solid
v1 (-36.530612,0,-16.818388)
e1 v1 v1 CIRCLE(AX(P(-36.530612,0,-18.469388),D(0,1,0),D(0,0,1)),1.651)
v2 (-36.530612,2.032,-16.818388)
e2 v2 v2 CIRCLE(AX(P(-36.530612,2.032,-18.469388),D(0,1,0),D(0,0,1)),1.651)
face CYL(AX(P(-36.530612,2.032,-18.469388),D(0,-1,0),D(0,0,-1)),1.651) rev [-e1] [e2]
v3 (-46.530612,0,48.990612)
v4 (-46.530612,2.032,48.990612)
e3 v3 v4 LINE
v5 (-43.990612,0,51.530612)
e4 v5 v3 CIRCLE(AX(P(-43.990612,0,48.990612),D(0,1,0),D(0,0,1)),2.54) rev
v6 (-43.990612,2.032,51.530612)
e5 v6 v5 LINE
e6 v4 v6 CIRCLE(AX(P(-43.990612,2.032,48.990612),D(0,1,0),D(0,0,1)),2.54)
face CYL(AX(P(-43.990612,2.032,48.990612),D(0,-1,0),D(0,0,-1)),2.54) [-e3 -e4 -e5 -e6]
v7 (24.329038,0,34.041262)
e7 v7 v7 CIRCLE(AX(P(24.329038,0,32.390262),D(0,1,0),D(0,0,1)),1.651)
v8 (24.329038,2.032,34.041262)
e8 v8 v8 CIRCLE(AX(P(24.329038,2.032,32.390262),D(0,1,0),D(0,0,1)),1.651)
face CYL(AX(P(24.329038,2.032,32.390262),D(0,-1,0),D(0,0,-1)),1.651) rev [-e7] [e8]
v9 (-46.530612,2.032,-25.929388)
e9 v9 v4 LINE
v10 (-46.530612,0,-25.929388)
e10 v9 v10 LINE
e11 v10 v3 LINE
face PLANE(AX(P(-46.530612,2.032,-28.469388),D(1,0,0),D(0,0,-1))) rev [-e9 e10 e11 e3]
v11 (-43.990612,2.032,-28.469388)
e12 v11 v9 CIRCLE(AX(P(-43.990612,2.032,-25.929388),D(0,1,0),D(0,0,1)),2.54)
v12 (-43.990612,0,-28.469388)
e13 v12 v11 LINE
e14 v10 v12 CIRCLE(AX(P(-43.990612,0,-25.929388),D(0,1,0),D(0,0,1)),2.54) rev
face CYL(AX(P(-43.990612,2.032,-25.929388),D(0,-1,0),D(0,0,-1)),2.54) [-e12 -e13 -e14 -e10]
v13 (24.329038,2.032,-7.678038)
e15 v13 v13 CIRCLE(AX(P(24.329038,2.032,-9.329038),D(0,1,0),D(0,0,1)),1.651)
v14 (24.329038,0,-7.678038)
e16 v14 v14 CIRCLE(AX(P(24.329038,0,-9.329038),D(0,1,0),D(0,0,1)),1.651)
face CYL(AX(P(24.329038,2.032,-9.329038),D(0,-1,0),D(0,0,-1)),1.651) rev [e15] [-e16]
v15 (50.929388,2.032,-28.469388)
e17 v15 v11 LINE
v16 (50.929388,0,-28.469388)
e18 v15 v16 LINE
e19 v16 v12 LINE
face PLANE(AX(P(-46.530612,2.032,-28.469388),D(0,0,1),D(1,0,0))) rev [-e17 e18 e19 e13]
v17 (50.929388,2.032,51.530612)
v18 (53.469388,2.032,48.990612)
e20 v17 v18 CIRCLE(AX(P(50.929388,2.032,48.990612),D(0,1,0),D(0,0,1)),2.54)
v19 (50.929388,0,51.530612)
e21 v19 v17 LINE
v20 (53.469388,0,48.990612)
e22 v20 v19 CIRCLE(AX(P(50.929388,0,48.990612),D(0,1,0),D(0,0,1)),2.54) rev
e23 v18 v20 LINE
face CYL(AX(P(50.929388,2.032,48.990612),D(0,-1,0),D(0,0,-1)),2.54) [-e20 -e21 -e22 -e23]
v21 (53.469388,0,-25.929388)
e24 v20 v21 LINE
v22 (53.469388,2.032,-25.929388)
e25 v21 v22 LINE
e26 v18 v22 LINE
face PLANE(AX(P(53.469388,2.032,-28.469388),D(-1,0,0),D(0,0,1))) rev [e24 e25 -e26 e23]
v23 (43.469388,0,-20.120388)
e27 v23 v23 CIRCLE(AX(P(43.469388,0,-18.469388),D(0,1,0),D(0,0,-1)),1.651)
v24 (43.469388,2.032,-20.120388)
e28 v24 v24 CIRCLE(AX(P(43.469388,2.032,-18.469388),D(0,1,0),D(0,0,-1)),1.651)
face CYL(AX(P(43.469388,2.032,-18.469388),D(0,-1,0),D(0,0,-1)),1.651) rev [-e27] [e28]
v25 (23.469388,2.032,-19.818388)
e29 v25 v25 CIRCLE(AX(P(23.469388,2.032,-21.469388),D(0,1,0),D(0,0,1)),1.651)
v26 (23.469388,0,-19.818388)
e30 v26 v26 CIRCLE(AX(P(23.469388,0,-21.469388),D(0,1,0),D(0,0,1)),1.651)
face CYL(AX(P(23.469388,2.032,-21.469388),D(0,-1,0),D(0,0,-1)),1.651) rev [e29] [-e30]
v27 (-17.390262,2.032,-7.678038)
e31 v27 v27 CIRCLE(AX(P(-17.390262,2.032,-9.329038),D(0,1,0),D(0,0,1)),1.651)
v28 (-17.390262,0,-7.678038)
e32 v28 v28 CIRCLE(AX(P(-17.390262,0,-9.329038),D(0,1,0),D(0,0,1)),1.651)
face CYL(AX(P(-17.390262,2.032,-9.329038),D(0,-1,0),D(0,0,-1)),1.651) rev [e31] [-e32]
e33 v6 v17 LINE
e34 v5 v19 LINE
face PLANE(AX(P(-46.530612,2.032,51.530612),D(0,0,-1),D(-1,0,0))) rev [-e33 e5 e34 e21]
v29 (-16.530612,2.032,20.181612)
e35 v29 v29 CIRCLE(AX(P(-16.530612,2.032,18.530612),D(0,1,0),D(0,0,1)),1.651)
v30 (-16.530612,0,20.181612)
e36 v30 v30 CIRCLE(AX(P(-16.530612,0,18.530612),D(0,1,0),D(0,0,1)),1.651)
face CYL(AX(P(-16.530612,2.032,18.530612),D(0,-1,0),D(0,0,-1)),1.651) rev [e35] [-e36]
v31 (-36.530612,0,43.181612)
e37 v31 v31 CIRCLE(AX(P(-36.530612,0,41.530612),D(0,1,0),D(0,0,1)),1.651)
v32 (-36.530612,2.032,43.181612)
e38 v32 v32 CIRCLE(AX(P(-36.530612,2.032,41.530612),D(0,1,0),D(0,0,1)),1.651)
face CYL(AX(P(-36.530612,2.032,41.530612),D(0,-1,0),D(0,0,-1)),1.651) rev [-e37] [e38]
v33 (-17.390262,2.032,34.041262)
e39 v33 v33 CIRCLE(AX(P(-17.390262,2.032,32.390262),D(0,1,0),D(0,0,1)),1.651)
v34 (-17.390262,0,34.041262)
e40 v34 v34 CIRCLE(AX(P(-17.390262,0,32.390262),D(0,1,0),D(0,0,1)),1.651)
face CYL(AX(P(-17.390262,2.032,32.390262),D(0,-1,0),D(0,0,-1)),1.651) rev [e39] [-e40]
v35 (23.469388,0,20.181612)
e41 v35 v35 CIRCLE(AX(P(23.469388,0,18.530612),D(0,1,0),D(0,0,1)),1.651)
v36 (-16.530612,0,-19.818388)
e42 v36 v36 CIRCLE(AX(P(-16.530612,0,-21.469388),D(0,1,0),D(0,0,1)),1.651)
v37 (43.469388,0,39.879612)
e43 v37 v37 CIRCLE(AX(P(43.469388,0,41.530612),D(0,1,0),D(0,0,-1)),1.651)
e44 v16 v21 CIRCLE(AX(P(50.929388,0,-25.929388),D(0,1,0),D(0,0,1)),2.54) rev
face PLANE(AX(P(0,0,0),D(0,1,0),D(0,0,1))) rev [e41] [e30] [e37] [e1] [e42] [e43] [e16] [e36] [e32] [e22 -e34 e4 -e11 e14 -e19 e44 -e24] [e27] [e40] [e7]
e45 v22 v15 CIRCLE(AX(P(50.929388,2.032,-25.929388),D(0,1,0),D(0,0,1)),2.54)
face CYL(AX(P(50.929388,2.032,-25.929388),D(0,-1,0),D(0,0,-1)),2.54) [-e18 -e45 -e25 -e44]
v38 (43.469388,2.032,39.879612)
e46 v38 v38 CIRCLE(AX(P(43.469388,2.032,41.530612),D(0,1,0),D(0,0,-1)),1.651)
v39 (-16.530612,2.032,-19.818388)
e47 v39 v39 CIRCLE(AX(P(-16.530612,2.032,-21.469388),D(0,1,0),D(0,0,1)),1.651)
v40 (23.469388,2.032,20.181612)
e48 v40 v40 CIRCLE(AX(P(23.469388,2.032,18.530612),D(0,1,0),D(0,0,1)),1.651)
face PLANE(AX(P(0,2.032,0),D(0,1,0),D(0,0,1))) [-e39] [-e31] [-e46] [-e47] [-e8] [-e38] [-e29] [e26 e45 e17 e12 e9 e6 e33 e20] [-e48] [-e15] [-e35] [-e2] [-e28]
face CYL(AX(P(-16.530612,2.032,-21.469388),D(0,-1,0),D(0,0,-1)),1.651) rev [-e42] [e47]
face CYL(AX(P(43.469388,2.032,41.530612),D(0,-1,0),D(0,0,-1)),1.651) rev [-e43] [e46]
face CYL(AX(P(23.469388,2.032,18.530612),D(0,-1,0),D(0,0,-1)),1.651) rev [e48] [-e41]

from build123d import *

# Parameters (mm, degrees)
SKETCH1_W           = 100
SKETCH1_H           = 80
SKETCH1_R           = 1.651
BOSS_EXTRUDE1_DEPTH = 2.032
FILLET1_R           = 2.54
FILLET2_R           = 2.54


with BuildPart() as part:
    # Sketch1 → Boss-Extrude1 (new body)
    with BuildSketch(Plane(origin=(0, 0, 0), x_dir=(1, 0, 0), z_dir=(0, 1, 0))):
        with Locations((3.469387755, -11.530612245)):
            Rectangle(SKETCH1_W, SKETCH1_H)
        with Locations(Location((-36.530612245, 18.469387755, 0), (0, 0, 270))):
            Circle(SKETCH1_R, mode=Mode.SUBTRACT)
        with Locations(Location((-36.530612245, -41.530612245, 0), (0, 0, 270))):
            Circle(SKETCH1_R, mode=Mode.SUBTRACT)
        with Locations(Location((-16.530612245, 21.469387755, 0), (0, 0, 270))):
            Circle(SKETCH1_R, mode=Mode.SUBTRACT)
        with Locations(Location((23.469387755, 21.469387755, 0), (0, 0, 270))):
            Circle(SKETCH1_R, mode=Mode.SUBTRACT)
        with Locations(Location((-16.530612245, -18.530612245, 0), (0, 0, 270))):
            Circle(SKETCH1_R, mode=Mode.SUBTRACT)
        with Locations(Location((23.469387755, -18.530612245, 0), (0, 0, 270))):
            Circle(SKETCH1_R, mode=Mode.SUBTRACT)
        with Locations(Location((-17.39026229, 9.3290378, 0), (0, 0, 270))):
            Circle(SKETCH1_R, mode=Mode.SUBTRACT)
        with Locations(Location((24.3290378, 9.3290378, 0), (0, 0, 270))):
            Circle(SKETCH1_R, mode=Mode.SUBTRACT)
        with Locations(Location((43.469387755, -41.530612245, 0), (0, 0, 90))):
            Circle(SKETCH1_R, mode=Mode.SUBTRACT)
        with Locations(Location((43.469387755, 18.469387755, 0), (0, 0, 90))):
            Circle(SKETCH1_R, mode=Mode.SUBTRACT)
        with Locations(Location((-17.39026229, -32.39026229, 0), (0, 0, 270))):
            Circle(SKETCH1_R, mode=Mode.SUBTRACT)
        with Locations(Location((24.3290378, -32.39026229, 0), (0, 0, 270))):
            Circle(SKETCH1_R, mode=Mode.SUBTRACT)
    extrude(amount=BOSS_EXTRUDE1_DEPTH)

    # Fillet1
    fillet1_edges = [part.edges().sort_by_distance(p)[0] for p in [
        (-46.530612245, 1.016, 51.530612245),
    ]]
    fillet(fillet1_edges, radius=FILLET1_R)

    # Fillet2
    fillet2_edges = [part.edges().sort_by_distance(p)[0] for p in [
        (-46.530612245, 1.016, -28.469387755),
        (53.469387755, 1.016, -28.469387755),
        (53.469387755, 1.016, 51.530612245),
    ]]
    fillet(fillet2_edges, radius=FILLET2_R)


solid = part.part
